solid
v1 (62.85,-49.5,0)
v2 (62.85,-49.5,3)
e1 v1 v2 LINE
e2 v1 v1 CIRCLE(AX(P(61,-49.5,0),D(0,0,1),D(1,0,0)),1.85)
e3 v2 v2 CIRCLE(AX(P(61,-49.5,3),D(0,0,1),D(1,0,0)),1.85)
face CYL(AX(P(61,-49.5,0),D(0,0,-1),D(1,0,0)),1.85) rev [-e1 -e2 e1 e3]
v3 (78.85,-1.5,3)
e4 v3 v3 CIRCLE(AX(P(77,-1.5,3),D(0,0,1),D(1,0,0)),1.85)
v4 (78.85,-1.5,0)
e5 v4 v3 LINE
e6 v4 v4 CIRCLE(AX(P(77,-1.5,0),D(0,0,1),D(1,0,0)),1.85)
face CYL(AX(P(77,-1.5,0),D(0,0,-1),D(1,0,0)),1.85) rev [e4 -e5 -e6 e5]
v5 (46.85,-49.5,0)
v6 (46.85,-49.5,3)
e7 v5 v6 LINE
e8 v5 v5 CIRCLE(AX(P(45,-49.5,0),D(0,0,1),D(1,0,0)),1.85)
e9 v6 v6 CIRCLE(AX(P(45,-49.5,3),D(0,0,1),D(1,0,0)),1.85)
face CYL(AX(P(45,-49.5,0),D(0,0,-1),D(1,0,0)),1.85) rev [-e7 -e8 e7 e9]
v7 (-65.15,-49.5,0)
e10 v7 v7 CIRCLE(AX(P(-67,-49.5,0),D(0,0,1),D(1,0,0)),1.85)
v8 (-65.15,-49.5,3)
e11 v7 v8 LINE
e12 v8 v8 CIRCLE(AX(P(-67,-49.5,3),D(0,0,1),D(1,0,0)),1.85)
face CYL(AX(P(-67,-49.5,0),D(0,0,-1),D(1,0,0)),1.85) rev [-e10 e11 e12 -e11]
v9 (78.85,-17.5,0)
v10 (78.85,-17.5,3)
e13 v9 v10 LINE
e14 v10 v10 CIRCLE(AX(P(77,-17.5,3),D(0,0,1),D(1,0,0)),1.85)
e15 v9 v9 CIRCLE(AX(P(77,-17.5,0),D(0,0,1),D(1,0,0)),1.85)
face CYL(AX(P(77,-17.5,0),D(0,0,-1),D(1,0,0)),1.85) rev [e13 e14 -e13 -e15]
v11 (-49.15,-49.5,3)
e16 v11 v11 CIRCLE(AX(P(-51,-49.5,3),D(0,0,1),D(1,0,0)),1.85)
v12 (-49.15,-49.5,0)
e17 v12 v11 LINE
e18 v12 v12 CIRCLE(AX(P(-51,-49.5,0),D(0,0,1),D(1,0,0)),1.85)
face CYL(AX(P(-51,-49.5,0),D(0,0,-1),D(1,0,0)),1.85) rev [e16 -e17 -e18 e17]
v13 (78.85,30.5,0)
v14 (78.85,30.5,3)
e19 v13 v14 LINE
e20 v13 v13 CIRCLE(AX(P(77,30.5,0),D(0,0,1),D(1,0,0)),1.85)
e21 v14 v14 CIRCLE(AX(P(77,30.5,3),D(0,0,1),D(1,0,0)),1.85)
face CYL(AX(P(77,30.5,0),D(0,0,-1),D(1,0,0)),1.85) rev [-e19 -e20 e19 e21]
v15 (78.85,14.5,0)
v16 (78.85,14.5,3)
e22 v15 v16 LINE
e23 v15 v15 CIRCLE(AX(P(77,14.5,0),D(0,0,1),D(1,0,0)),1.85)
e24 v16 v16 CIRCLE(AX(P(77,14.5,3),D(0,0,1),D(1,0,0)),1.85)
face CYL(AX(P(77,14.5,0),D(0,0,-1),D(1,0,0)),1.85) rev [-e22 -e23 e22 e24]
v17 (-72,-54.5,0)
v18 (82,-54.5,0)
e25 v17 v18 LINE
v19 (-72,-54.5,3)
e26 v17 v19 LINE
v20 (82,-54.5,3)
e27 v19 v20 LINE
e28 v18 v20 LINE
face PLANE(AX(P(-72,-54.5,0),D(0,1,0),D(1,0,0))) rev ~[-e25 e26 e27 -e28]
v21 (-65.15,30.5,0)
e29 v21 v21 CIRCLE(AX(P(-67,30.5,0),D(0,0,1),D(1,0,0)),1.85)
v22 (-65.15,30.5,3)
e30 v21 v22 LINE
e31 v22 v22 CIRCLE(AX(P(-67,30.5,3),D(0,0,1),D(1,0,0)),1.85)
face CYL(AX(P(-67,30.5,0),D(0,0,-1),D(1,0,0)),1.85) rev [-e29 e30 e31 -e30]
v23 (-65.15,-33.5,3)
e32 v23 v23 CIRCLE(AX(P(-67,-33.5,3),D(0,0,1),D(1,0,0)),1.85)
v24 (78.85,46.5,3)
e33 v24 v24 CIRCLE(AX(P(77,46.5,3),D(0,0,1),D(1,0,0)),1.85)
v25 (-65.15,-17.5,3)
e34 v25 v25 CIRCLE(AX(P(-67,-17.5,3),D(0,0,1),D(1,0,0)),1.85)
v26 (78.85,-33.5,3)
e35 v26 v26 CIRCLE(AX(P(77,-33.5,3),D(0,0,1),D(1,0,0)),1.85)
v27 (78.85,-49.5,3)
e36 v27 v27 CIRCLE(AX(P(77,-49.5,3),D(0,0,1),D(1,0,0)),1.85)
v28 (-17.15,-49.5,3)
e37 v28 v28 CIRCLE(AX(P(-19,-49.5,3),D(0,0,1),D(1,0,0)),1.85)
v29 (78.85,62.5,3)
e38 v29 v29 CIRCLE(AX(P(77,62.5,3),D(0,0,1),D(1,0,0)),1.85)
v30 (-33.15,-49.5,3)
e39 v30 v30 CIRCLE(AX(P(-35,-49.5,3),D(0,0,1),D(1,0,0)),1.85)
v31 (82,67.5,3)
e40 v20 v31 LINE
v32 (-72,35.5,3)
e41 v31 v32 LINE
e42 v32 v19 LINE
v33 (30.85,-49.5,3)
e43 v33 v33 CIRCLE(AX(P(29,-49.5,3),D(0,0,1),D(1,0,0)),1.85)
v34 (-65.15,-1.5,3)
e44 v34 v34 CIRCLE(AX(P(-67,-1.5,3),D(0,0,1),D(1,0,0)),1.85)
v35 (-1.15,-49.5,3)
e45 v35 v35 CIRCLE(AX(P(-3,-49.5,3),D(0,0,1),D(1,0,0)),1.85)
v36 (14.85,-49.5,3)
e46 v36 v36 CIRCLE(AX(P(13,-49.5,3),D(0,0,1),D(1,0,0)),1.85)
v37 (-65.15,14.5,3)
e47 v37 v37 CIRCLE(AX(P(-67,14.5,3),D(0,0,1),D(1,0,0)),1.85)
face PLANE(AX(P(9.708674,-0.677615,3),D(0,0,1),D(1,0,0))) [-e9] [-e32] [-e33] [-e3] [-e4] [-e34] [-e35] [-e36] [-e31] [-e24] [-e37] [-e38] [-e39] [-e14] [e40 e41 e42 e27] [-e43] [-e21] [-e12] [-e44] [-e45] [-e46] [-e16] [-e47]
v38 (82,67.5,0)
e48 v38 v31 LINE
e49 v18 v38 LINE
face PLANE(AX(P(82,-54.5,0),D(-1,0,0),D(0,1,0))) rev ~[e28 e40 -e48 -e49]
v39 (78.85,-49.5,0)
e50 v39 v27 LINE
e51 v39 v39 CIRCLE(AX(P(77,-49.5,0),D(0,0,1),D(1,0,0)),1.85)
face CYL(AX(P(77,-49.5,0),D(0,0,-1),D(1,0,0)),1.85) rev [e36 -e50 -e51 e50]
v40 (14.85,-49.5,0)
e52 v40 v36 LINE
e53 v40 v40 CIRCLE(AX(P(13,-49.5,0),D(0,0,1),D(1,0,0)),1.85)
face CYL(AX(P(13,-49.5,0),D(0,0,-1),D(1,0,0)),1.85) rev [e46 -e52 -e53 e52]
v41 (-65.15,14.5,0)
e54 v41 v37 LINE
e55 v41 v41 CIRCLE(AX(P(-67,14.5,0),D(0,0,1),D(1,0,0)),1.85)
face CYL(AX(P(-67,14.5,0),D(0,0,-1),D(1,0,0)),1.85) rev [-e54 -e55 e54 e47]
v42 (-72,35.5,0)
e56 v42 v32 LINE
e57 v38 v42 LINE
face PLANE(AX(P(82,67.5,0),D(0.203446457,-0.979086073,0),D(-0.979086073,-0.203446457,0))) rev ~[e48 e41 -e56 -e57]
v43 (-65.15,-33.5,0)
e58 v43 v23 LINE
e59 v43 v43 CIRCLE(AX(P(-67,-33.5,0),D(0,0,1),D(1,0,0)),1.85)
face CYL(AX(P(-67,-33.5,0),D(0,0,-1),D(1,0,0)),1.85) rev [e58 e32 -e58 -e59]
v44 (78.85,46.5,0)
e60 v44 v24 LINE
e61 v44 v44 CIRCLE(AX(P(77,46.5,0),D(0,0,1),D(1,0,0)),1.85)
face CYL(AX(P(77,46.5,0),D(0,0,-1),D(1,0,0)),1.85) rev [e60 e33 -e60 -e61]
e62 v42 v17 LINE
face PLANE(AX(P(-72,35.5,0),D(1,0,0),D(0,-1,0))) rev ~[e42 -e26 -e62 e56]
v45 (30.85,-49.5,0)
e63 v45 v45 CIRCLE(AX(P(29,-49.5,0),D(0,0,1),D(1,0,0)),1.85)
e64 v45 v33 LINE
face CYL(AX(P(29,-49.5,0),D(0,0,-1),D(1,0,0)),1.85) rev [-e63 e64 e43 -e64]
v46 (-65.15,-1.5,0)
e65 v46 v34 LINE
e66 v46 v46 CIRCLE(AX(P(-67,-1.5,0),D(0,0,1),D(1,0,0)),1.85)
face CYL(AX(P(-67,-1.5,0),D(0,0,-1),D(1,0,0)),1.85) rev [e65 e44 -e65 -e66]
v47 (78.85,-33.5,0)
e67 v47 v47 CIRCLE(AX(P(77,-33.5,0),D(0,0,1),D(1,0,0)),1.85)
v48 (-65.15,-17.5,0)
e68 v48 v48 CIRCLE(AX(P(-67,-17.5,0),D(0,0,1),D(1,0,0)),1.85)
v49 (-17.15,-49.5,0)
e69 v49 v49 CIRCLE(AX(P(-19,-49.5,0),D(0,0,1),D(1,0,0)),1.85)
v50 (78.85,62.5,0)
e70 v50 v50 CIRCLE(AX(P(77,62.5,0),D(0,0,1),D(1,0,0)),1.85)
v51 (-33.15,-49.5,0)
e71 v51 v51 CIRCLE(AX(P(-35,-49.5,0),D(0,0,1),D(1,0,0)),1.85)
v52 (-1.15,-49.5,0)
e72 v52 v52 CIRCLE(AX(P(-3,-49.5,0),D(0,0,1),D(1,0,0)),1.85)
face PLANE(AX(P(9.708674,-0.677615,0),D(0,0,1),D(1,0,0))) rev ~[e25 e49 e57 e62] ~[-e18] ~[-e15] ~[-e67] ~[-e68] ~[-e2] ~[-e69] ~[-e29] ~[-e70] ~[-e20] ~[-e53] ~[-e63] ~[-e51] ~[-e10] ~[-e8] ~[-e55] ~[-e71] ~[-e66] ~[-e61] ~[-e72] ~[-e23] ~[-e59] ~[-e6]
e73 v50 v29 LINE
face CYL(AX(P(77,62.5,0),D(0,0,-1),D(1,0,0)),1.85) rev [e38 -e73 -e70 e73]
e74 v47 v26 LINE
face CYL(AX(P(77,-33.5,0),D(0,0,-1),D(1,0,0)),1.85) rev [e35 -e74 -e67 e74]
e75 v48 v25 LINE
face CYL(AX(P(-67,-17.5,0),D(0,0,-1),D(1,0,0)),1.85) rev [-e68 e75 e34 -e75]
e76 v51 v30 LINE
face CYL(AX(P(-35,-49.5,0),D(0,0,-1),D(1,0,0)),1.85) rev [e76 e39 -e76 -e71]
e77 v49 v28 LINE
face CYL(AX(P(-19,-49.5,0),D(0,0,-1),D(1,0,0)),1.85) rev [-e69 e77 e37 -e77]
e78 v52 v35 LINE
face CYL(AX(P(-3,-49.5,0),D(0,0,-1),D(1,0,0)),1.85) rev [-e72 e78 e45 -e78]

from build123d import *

# Parameters (mm, degrees)
F0_R     = 1.85
F1_DEPTH = 3


with BuildPart() as f1:
    # F0 (on Top) → F1 (new body)
    with BuildSketch(Plane.XY):
        Polygon((-72, 35.5), (-72, -54.5), (82, -54.5), (82, 67.5), align=None)
        with Locations((-67, -49.5)):
            Circle(F0_R, mode=Mode.SUBTRACT)
        with Locations((-51, -49.5)):
            Circle(F0_R, mode=Mode.SUBTRACT)
        with Locations((-35, -49.5)):
            Circle(F0_R, mode=Mode.SUBTRACT)
        with Locations((-67, -33.5)):
            Circle(F0_R, mode=Mode.SUBTRACT)
        with Locations((-19, -49.5)):
            Circle(F0_R, mode=Mode.SUBTRACT)
        with Locations((-3, -49.5)):
            Circle(F0_R, mode=Mode.SUBTRACT)
        with Locations((-67, -17.5)):
            Circle(F0_R, mode=Mode.SUBTRACT)
        with Locations((-67, -1.5)):
            Circle(F0_R, mode=Mode.SUBTRACT)
        with Locations((13, -49.5)):
            Circle(F0_R, mode=Mode.SUBTRACT)
        with Locations((29, -49.5)):
            Circle(F0_R, mode=Mode.SUBTRACT)
        with Locations((45, -49.5)):
            Circle(F0_R, mode=Mode.SUBTRACT)
        with Locations((61, -49.5)):
            Circle(F0_R, mode=Mode.SUBTRACT)
        with Locations((77, -49.5)):
            Circle(F0_R, mode=Mode.SUBTRACT)
        with Locations((77, -33.5)):
            Circle(F0_R, mode=Mode.SUBTRACT)
        with Locations((77, -17.5)):
            Circle(F0_R, mode=Mode.SUBTRACT)
        with Locations((77, -1.5)):
            Circle(F0_R, mode=Mode.SUBTRACT)
        with Locations((-67, 14.5)):
            Circle(F0_R, mode=Mode.SUBTRACT)
        with Locations((-67, 30.5)):
            Circle(F0_R, mode=Mode.SUBTRACT)
        with Locations((77, 14.5)):
            Circle(F0_R, mode=Mode.SUBTRACT)
        with Locations((77, 30.5)):
            Circle(F0_R, mode=Mode.SUBTRACT)
        with Locations((77, 46.5)):
            Circle(F0_R, mode=Mode.SUBTRACT)
        with Locations((77, 62.5)):
            Circle(F0_R, mode=Mode.SUBTRACT)
    extrude(amount=F1_DEPTH)


solid = f1.part
